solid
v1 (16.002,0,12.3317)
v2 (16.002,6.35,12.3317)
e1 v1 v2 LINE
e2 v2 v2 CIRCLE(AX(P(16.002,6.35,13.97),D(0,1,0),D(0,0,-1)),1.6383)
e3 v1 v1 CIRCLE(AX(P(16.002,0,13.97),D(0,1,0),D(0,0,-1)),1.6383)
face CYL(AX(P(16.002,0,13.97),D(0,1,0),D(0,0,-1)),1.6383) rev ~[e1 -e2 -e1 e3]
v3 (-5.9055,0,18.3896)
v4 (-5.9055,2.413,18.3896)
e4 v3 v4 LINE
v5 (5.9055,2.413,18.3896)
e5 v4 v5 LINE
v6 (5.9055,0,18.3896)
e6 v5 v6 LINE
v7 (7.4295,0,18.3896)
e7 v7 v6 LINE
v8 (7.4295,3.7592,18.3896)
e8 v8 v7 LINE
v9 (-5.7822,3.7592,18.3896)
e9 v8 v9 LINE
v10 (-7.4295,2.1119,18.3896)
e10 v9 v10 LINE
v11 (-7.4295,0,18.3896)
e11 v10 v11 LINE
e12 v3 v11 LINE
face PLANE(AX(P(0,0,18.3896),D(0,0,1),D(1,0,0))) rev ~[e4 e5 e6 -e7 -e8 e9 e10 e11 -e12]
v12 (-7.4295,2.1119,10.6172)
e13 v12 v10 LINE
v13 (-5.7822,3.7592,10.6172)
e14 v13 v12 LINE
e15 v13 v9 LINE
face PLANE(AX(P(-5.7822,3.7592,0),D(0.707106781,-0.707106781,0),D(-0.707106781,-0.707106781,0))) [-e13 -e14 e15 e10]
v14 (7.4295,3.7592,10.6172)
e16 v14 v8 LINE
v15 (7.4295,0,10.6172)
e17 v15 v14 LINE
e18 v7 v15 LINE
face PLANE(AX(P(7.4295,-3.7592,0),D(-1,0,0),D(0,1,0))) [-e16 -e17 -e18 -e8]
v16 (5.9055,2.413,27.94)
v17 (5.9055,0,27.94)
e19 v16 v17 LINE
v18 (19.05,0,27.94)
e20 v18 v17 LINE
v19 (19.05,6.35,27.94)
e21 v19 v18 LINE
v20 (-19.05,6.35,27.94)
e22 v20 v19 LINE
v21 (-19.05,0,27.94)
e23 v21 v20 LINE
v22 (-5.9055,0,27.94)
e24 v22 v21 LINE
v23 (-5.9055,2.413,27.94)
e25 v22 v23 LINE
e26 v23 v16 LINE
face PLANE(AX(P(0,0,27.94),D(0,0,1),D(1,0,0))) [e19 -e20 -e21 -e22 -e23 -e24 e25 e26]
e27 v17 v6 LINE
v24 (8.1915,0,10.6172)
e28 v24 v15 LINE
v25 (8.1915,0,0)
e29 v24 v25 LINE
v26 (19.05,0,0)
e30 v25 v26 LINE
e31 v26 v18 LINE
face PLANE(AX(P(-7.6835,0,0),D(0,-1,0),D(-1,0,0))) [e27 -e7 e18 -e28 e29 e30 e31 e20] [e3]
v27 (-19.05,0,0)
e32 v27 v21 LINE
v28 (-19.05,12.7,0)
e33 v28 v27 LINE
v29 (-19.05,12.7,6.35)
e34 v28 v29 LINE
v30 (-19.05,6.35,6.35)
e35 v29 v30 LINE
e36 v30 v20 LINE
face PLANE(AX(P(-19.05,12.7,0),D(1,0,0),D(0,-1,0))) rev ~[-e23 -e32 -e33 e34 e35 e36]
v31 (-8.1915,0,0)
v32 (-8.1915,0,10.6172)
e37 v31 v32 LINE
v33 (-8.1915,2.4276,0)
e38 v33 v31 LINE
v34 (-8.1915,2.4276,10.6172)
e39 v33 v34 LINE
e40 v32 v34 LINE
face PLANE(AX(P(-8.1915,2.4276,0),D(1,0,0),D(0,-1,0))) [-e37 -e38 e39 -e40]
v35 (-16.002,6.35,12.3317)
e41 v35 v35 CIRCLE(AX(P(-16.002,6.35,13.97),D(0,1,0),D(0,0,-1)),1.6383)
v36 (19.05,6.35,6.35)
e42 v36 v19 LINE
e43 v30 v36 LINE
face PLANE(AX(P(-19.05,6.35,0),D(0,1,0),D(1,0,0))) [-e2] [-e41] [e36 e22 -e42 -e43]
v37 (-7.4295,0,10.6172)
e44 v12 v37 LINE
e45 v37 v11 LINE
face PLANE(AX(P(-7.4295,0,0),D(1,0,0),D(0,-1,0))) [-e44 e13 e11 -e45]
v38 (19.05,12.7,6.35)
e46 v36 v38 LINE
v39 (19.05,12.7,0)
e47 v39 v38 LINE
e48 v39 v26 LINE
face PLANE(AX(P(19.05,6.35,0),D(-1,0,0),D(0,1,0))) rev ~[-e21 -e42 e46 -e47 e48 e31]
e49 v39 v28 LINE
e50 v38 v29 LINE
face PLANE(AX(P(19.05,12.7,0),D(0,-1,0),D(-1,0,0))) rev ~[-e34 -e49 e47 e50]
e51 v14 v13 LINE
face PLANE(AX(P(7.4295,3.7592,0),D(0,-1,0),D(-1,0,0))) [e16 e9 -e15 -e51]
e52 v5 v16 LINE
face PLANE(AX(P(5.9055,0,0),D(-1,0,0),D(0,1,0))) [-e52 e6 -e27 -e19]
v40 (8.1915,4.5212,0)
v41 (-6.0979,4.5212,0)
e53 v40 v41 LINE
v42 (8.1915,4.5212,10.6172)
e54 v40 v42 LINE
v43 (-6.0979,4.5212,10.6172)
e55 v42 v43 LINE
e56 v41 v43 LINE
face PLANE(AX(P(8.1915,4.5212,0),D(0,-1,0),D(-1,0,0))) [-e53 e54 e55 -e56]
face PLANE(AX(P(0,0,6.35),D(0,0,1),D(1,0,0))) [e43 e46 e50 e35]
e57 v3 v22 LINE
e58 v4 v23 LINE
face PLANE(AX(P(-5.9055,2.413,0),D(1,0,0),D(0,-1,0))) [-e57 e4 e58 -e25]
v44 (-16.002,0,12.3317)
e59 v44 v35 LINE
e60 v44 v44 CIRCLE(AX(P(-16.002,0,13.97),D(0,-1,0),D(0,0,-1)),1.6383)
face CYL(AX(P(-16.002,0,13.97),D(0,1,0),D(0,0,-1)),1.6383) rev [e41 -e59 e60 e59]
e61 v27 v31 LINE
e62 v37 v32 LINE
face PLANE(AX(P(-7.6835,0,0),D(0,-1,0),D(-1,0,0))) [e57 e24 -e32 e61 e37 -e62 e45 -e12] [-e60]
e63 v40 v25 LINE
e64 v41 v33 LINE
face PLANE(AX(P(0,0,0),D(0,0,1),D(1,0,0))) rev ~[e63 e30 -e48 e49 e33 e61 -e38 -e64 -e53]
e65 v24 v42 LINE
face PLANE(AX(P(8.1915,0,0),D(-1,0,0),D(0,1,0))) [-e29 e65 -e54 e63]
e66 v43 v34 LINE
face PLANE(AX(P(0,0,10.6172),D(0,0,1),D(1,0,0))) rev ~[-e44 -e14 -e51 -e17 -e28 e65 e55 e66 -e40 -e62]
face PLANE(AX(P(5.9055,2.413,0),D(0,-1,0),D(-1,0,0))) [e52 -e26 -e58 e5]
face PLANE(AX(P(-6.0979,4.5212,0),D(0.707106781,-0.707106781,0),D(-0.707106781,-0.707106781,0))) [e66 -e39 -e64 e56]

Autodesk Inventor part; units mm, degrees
ref_plane "YZ Plane" through (0, 0, 0) normal (1, 0, 0) x (0, 1, 0)
ref_plane "XZ Plane" through (0, 0, 0) normal (0, 1, 0) x (-1, 0, 0)
ref_plane "XY Plane" through (0, 0, 0) normal (0, 0, 1) x (1, 0, 0)
sketch "XT60" plane through (0, 0, 0) normal (0, 0, 1) x (1, 0, 0)
  line L0 (-7.6835, 4.0132) -> (7.6835, 4.0132) construction
  line L1 (7.6835, 4.0132) -> (7.6835, -4.0132)
  line L2 (7.6835, -4.0132) -> (-7.6835, -4.0132) construction
  line L3 (-7.6835, -4.0132) -> (-7.6835, 4.0132) construction
  line L4 (-7.6835, 4.0132) -> (7.6835, -4.0132) construction
  line L5 (7.6835, 4.0132) -> (-7.6835, -4.0132) construction
  line L6 (-7.6835, 2.2171) -> (-5.8874, 4.0132)
  line L7 (-7.6835, 2.2171) -> (-5.1435, 2.2171) construction
  line L8 (-10.7569, 0) -> (10.7569, 0) projected
  line L9 (-7.6835, -2.2171) -> (-5.8874, -4.0132)
  line L10 (-7.6835, -2.2171) -> (-5.1435, -2.2171) construction
  line L11 (-7.6835, -2.2171) -> (-7.6835, 2.2171)
  line L12 (-5.8874, 4.0132) -> (7.6835, 4.0132)
  line L13 (7.6835, -4.0132) -> (-5.8874, -4.0132)
  point P0 (0, 0)
  dimension "d0" = 15.367
  dimension "d1" = 8.0264
  dimension "d2" = 2.54
  dimension "d3" = 45
  dimension "d4" = 2.54
  dimension "d5" = 45
sketch "Sketch2" plane through (0, 0, 0) normal (0, 0, 1) x (1, 0, 0)
  line L0 (-7.6835, 2.2171) -> (-5.8874, 4.0132) projected
  line L1 (-5.8874, 4.0132) -> (7.6835, 4.0132) projected
  line L2 (-7.6835, -2.2171) -> (-7.6835, 2.2171) projected
  line L3 (-7.6835, -2.2171) -> (-5.8874, -4.0132) projected
  line L4 (7.6835, -4.0132) -> (-5.8874, -4.0132) projected
  line L5 (7.6835, 4.0132) -> (7.6835, -4.0132) projected
  line L6 (8.1915, 4.5212) -> (-6.0979, 4.5212)
  line L7 (-6.0979, 4.5212) -> (-8.1915, 2.4276)
  line L8 (-8.1915, 2.4276) -> (-8.1915, -2.4276)
  line L9 (-8.1915, -2.4276) -> (-6.0979, -4.5212)
  line L10 (-6.0979, -4.5212) -> (8.1915, -4.5212)
  line L11 (8.1915, -4.5212) -> (8.1915, 4.5212)
  line L12 (7.4295, 3.7592) -> (-5.7822, 3.7592)
  line L13 (-5.7822, 3.7592) -> (-7.4295, 2.1119)
  line L14 (-7.4295, 2.1119) -> (-7.4295, -2.1119)
  line L15 (-7.4295, -2.1119) -> (-5.7822, -3.7592)
  line L16 (-5.7822, -3.7592) -> (7.4295, -3.7592)
  line L17 (7.4295, -3.7592) -> (7.4295, 3.7592)
  line L18 (-19.05, 6.35) -> (19.05, 6.35)
  line L19 (19.05, 6.35) -> (19.05, 0)
  line L20 (19.05, 0) -> (-19.05, 0)
  line L21 (-19.05, 0) -> (-19.05, 6.35)
  line L22 (-5.9055, -2.413) -> (5.9055, -2.413)
  line L23 (5.9055, -2.413) -> (5.9055, 2.413)
  line L24 (5.9055, 2.413) -> (-5.9055, 2.413)
  line L25 (-5.9055, 2.413) -> (-5.9055, -2.413)
  line L26 (-5.9055, -2.413) -> (5.9055, 2.413) construction
  line L27 (5.9055, -2.413) -> (-5.9055, 2.413) construction
  line L28 (-19.05, 6.35) -> (19.05, 6.35)
  line L29 (19.05, 6.35) -> (19.05, 12.7)
  line L30 (19.05, 12.7) -> (-19.05, 12.7)
  line L31 (-19.05, 12.7) -> (-19.05, 6.35)
  point P0 (0, 0)
  dimension "d6" = 0.254
  dimension "d7" = 0.508
  dimension "d8" = 38.1
  dimension "d9" = 6.35
  dimension "d25" = 11.811
  dimension "d26" = 4.826
  dimension "d29" = 6.35
extrude "Extrusion1" add sketch "Sketch2" along normal blind 27.94 contours L2 L20 L8 L7 L6 L11 L5 L1 L0 | L0 L1 L5 L20 L17 L12 L13 L14 L2 | L14 L13 L12 L17 L20 L23 L24 L25 | L20 L21 L18 L19 L11 L6 L7 L8 | L25 L24 L23 L20
extrude "Extrusion2" cut sketch "Sketch2" along normal blind 18.3896 contours L20 L25 L22 L23 L17 L16 L15 L14 | L14 L13 L12 L17 L20 L23 L24 L25 | L25 L24 L23 L20 | L20 L23 L22 L25
extrude "Extrusion3" cut sketch "Sketch2" along normal blind 10.6172 contours L2 L20 L8 L7 L6 L11 L5 L1 L0 | L0 L1 L5 L20 L17 L12 L13 L14 L2 | L20 L14 L15 L16 L17 L5 L4 L3 L2 | L2 L3 L4 L5 L20 L11 L10 L9 L8 | L20 L25 L22 L23 L17 L16 L15 L14 | L14 L13 L12 L17 L20 L23 L24 L25 | L25 L24 L23 L20 | L20 L23 L22 L25
sketch "Sketch3" plane through (0, 0, 0) normal (0, 1, 0) x (-1, 0, 0)
  point P0 (-16.002, 13.97)
  point P1 (0, 0)
  dimension "d16" = 16.002
  dimension "d17" = 13.97
hole "Hole1" at (16.002, 0, 13.97) direction (0, 1, 0) diameter 3.2766 end through all clearance for "Oval Head Machine Screw" size "#4" standard "Ansi Unified Screw Threads"
mirror "Mirror1" about plane through (0, 0, 0) normal (1, 0, 0) of "Hole1"
extrude "Extrusion4" cut sketch "Sketch2" along normal through all contours L25 L24 L23 L20 | L20 L23 L22 L25
extrude "Extrusion5" add sketch "Sketch2" along normal blind 6.35 contours L31 L30 L29 L18
properties part number "xt-60 holder"
